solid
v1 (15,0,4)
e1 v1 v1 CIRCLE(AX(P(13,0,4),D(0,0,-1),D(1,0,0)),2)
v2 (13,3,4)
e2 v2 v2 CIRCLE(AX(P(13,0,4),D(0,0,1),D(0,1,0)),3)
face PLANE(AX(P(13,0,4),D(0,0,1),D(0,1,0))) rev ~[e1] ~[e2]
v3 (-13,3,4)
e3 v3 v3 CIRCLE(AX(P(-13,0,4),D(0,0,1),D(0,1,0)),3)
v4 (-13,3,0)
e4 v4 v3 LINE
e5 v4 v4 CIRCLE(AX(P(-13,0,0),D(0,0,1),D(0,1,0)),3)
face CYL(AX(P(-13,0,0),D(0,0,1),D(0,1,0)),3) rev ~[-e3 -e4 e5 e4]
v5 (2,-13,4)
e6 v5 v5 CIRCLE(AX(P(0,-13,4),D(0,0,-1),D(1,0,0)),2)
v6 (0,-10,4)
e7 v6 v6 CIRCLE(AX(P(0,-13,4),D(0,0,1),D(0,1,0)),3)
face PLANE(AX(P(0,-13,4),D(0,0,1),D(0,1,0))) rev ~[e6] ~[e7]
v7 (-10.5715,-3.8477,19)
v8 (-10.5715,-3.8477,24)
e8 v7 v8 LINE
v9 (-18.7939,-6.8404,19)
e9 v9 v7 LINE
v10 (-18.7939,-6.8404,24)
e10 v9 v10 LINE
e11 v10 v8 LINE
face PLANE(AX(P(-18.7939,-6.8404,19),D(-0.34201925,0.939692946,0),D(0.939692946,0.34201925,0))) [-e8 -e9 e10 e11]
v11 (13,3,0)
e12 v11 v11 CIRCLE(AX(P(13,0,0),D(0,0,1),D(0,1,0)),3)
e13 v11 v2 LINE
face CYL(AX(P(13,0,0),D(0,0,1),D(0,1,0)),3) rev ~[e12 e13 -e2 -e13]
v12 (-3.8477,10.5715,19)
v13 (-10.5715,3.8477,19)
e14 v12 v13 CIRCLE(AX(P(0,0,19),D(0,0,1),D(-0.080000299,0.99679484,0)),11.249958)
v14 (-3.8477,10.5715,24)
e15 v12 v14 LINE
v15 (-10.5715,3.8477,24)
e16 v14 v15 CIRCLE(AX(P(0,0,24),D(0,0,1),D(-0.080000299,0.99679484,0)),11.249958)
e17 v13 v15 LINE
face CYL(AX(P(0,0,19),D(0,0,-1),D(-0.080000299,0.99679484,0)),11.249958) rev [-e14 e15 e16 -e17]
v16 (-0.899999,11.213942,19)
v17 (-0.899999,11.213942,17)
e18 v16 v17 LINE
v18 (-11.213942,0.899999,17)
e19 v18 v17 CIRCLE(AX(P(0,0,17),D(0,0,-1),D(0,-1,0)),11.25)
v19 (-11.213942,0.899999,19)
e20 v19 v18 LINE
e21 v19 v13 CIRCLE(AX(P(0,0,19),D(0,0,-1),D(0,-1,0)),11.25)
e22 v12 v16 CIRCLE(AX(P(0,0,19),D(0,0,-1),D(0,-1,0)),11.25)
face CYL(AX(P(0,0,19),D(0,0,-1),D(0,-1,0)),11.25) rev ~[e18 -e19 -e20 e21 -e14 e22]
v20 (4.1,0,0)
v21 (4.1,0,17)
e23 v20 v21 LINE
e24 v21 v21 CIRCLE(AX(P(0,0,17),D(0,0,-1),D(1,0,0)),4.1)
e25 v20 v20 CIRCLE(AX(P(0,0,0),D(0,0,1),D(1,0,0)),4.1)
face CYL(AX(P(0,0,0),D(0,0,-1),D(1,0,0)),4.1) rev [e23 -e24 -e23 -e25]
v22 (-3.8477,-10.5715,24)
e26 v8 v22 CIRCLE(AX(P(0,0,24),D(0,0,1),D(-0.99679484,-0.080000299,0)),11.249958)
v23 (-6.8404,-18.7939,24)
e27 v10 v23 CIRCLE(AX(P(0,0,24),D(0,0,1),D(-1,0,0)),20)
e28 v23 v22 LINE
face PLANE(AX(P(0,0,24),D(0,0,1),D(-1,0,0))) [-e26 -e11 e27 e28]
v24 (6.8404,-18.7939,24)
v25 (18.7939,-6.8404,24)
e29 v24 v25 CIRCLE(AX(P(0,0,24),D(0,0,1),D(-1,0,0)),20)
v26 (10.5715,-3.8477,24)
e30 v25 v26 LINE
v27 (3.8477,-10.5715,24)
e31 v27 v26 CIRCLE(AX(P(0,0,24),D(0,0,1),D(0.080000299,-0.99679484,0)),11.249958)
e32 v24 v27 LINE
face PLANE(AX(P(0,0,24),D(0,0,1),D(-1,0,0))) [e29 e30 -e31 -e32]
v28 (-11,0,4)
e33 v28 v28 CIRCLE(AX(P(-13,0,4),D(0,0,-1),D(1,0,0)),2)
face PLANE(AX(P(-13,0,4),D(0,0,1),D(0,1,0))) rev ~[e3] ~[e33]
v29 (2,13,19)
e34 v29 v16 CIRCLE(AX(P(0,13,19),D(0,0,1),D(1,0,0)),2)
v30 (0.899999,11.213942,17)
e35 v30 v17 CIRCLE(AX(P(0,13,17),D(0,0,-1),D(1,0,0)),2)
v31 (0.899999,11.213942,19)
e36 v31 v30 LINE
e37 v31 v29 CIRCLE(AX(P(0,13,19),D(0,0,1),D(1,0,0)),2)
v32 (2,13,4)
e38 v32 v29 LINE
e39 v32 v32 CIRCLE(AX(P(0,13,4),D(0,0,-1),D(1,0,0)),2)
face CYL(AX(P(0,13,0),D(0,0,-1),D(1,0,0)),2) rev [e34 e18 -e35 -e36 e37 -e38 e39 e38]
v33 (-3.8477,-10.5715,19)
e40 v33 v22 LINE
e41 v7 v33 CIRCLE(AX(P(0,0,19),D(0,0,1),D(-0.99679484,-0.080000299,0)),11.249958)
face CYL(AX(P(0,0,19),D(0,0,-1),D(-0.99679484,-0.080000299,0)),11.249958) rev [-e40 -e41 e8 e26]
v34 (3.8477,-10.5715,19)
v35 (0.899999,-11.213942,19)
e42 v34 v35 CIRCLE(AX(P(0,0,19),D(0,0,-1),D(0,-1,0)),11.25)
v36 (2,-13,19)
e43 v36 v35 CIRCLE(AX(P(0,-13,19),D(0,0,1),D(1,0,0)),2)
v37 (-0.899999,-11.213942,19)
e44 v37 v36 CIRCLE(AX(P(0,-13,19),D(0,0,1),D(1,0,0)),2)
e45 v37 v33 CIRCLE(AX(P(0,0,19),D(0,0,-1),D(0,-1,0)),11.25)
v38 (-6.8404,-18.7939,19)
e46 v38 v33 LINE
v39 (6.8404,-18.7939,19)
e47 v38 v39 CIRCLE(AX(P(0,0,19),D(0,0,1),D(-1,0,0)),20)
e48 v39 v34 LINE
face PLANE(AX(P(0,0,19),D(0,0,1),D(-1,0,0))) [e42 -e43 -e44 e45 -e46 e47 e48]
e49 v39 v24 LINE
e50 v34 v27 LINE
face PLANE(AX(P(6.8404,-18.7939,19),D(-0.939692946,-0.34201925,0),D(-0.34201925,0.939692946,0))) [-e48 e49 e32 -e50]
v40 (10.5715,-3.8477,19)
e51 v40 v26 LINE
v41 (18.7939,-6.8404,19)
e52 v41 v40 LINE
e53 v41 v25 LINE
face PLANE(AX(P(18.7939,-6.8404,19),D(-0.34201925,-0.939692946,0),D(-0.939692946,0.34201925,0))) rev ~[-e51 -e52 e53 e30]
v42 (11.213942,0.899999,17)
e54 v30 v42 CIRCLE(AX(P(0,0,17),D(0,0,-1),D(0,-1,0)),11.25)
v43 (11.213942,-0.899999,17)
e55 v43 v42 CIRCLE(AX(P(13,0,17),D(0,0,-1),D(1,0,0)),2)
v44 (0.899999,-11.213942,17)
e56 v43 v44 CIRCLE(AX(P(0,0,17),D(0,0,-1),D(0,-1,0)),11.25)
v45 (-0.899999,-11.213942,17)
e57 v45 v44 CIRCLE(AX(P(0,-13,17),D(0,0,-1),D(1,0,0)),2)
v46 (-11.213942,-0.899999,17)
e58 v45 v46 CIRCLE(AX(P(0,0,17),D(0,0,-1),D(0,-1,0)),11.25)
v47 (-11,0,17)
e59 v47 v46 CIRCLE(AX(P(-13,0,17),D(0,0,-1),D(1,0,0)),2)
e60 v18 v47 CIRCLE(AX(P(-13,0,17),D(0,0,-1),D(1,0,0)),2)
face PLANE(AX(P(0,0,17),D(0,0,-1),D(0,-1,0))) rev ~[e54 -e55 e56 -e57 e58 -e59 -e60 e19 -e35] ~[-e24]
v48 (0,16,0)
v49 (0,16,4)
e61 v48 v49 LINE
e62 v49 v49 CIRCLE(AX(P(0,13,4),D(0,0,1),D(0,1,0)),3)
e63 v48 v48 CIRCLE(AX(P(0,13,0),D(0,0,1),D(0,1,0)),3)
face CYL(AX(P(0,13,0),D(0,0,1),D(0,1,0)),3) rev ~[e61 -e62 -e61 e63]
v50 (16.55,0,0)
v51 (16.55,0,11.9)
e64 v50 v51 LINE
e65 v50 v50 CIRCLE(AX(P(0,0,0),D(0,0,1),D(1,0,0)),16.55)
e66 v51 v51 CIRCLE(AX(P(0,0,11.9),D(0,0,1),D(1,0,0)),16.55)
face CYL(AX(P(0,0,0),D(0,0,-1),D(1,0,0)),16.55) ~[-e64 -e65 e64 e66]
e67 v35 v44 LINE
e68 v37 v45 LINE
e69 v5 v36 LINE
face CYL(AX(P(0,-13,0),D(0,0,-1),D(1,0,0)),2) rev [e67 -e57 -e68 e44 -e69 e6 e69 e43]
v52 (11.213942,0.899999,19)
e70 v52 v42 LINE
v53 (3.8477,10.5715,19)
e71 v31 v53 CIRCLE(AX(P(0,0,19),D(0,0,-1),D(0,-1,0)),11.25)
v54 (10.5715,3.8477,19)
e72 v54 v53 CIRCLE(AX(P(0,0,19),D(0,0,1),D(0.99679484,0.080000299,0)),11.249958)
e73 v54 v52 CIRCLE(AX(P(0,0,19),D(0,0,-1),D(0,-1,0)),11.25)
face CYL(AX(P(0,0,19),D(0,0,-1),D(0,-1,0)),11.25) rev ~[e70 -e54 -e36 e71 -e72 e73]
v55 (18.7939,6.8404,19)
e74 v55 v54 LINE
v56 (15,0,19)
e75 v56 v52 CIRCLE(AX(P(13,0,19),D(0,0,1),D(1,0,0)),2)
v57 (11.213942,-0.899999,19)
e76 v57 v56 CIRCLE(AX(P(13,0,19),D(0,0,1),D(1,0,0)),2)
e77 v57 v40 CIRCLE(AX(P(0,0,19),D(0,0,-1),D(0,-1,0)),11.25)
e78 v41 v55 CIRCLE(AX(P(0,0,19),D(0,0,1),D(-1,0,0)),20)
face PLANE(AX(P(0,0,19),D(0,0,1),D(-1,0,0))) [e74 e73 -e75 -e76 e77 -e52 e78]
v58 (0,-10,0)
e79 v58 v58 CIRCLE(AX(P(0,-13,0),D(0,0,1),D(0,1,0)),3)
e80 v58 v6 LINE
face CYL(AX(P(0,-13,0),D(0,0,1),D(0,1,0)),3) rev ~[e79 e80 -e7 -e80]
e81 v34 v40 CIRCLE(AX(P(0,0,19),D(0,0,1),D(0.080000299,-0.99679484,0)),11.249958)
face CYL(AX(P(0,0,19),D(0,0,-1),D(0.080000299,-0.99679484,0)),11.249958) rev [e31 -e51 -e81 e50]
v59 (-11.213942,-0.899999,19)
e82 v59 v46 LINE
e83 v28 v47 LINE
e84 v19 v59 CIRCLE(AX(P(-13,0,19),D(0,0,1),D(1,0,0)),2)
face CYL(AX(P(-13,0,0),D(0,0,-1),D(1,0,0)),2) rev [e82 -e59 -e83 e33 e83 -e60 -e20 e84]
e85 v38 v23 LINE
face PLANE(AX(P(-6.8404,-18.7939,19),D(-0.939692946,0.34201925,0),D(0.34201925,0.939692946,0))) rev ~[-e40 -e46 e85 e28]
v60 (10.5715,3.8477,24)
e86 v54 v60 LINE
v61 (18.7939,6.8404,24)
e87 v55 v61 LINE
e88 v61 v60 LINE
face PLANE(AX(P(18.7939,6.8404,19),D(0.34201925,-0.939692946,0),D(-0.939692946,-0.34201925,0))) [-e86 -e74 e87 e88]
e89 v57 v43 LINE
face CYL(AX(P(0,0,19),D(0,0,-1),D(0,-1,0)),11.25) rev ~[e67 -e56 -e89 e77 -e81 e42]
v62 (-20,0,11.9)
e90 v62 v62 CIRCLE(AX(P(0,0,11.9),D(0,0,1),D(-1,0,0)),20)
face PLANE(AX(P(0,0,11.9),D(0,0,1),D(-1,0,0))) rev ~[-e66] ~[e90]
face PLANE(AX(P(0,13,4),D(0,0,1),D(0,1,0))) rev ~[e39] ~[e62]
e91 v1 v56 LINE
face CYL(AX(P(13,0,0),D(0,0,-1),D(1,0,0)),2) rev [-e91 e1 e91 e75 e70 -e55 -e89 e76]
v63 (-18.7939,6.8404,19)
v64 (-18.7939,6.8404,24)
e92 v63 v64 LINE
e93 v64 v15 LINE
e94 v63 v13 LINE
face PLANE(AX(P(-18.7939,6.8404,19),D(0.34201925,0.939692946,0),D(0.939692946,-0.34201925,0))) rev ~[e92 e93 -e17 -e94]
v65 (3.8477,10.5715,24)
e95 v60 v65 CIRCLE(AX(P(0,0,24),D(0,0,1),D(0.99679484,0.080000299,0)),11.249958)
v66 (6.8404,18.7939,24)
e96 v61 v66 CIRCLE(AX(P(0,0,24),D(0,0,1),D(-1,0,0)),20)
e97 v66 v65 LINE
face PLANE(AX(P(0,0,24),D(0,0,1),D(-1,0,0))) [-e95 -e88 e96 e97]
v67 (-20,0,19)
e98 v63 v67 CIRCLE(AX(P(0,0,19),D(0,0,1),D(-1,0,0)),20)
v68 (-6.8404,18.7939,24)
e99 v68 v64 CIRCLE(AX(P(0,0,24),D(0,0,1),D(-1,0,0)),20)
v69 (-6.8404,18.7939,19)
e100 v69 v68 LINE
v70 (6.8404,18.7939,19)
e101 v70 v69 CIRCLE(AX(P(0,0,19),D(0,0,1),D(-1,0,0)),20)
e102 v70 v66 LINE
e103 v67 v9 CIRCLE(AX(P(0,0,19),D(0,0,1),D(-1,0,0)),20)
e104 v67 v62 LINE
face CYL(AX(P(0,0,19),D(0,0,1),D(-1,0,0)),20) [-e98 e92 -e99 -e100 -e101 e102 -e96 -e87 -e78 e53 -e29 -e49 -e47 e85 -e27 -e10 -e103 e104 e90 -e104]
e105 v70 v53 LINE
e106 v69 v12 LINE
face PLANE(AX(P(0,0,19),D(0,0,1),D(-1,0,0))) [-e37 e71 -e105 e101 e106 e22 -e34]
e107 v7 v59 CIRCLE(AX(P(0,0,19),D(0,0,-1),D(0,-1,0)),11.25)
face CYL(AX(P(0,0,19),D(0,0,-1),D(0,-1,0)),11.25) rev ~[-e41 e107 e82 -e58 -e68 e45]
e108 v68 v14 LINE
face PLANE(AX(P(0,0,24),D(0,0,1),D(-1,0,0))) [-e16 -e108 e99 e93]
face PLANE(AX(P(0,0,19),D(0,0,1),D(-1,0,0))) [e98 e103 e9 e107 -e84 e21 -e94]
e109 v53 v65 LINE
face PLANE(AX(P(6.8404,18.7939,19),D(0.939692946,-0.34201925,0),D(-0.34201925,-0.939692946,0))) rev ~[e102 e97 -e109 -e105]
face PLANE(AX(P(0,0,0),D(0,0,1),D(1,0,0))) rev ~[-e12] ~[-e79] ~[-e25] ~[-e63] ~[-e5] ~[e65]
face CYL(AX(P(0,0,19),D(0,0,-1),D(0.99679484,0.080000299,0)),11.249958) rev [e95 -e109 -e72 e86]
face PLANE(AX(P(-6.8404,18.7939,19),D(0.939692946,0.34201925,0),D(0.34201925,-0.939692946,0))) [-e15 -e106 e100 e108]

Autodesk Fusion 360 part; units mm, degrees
sketch "Esquisse1" plane through (0, 0, 0) normal (0, 0, 1) x (1, 0, 0)
  circle A0 centre (0, 0) radius 16.55
  circle A1 centre (0, 0) radius 4.1
  circle A2 centre (-13, 0) radius 2
  circle A3 centre (0, -13) radius 2
  circle A4 centre (13, 0) radius 2
  circle A5 centre (0, 13) radius 2
  dimension "d1" = 33.1
  dimension "d2" = 8.2
  dimension "d3" = 4
  dimension "d4" = 13
  dimension "d6" = 360
extrude "Extrusion1" add sketch "Esquisse1" along normal blind 19
sketch "Esquisse2" plane through (0, 0, 0) normal (0, 0, -1) x (1, 0, 0)
  circle A0 centre (13, 0) radius 2
  circle A1 centre (-13, 0) radius 2
  circle A2 centre (0, 0) radius 4.1
  circle A3 centre (0, 13) radius 2
  circle A4 centre (0, -13) radius 2
  circle A5 centre (0, 0) radius 16.55
hole "Perçage1" at (0, -13, 0) direction (0, 0, 1) diameter 6 depth 4 tip angle 180
hole "Perçage2" at (-13, 0, 0) direction (0, 0, 1) diameter 6 depth 4 tip angle 180
hole "Perçage3" at (13, 0, 0) direction (0, 0, 1) diameter 6 depth 4 tip angle 180
hole "Perçage4" at (0, 13, 0) direction (0, 0, 1) diameter 6 depth 4 tip angle 180
hole "Perçage5" at (0, 0, 19) direction (0, 0, -1) diameter 22.5 depth 2 tip angle 180
sketch "Esquisse3" plane through (0, 0, 19) normal (0, 0, 1) x (-1, 0, 0)
  circle A0 centre (0, 0) radius 16.55
  arc A1 (11.2139, 0.9) -> (0.9, 11.2139) centre (0, 0) ccw
  arc A2 (11.2139, -0.9) -> (11.2139, 0.9) centre (13, 0) ccw
  arc A3 (0.9, -11.2139) -> (11.2139, -0.9) centre (0, 0) ccw
  arc A4 (-0.9, -11.2139) -> (0.9, -11.2139) centre (0, -13) ccw
  arc A5 (-11.2139, -0.9) -> (-0.9, -11.2139) centre (0, 0) ccw
  arc A6 (-11.2139, 0.9) -> (-11.2139, -0.9) centre (-13, 0) ccw
  arc A7 (-0.9, 11.2139) -> (-11.2139, 0.9) centre (0, 0) ccw
  arc A8 (0.9, 11.2139) -> (-0.9, 11.2139) centre (0, 13) ccw
  circle A9 centre (0, 0) radius 20
  dimension "d24" = 40
extrude "Extrusion2" add sketch "Esquisse3" against normal blind 7.1 contours A9
sketch "Esquisse4" plane through (0, 0, 19) normal (0, 0, 1) x (-1, 0, 0)
  circle A0 centre (0, 0) radius 20
  arc A1 (11.2139, 0.9) -> (0.9, 11.2139) centre (0, 0) ccw
  arc A2 (11.2139, -0.9) -> (11.2139, 0.9) centre (13, 0) ccw
  arc A3 (0.9, -11.2139) -> (11.2139, -0.9) centre (0, 0) ccw
  arc A4 (-0.9, -11.2139) -> (0.9, -11.2139) centre (0, -13) ccw
  arc A5 (-11.2139, -0.9) -> (-0.9, -11.2139) centre (0, 0) ccw
  arc A6 (-11.2139, 0.9) -> (-11.2139, -0.9) centre (-13, 0) ccw
  arc A7 (-0.9, 11.2139) -> (-11.2139, 0.9) centre (0, 0) ccw
  arc A8 (0.9, 11.2139) -> (-0.9, 11.2139) centre (0, 13) ccw
  line L0 (0, 0) -> (14.1421, -14.1421) construction
  line L1 (0, 0) -> (20, 0) construction
  line L2 (0, 0) -> (18.7939, -6.8404) construction
  line L3 (0, 0) -> (6.8404, -18.7939) construction
  line L4 (0, 0) -> (20, 0) construction
  line L5 (18.7939, -6.8404) -> (10.5715, -3.8477)
  line L6 (6.8404, -18.7939) -> (3.8477, -10.5715)
  arc A9 (3.8477, -10.5715) -> (10.5715, -3.8477) centre (0, 0) ccw
  arc A10 (6.8404, -18.7939) -> (18.7939, -6.8404) centre (0, 0) ccw
  arc A11 (10.5715, 3.8477) -> (3.8477, 10.5715) centre (0, 0) ccw
  line L7 (6.8404, 18.7939) -> (3.8477, 10.5715)
  arc A12 (18.7939, 6.8404) -> (6.8404, 18.7939) centre (0, 0) ccw
  line L8 (18.7939, 6.8404) -> (10.5715, 3.8477)
  arc A13 (-3.8477, 10.5715) -> (-10.5715, 3.8477) centre (0, 0) ccw
  line L9 (-18.7939, 6.8404) -> (-10.5715, 3.8477)
  arc A14 (-6.8404, 18.7939) -> (-18.7939, 6.8404) centre (0, 0) ccw
  line L10 (-6.8404, 18.7939) -> (-3.8477, 10.5715)
  arc A15 (-10.5715, -3.8477) -> (-3.8477, -10.5715) centre (0, 0) ccw
  line L11 (-6.8404, -18.7939) -> (-3.8477, -10.5715)
  arc A16 (-18.7939, -6.8404) -> (-6.8404, -18.7939) centre (0, 0) ccw
  line L12 (-18.7939, -6.8404) -> (-10.5715, -3.8477)
  dimension "d27" = 45
  dimension "d28" = 25
  dimension "d29" = 70
  dimension "d31" = 360
extrude "Extrusion3" add sketch "Esquisse4" along normal blind 5 contours A0 A1 A11 L7 A12 L8 | A0 A3 L5 L6 A9 A10 | A0 A7 A13 L9 A14 L10 | A0 A5 A15 L11 A16 L12
